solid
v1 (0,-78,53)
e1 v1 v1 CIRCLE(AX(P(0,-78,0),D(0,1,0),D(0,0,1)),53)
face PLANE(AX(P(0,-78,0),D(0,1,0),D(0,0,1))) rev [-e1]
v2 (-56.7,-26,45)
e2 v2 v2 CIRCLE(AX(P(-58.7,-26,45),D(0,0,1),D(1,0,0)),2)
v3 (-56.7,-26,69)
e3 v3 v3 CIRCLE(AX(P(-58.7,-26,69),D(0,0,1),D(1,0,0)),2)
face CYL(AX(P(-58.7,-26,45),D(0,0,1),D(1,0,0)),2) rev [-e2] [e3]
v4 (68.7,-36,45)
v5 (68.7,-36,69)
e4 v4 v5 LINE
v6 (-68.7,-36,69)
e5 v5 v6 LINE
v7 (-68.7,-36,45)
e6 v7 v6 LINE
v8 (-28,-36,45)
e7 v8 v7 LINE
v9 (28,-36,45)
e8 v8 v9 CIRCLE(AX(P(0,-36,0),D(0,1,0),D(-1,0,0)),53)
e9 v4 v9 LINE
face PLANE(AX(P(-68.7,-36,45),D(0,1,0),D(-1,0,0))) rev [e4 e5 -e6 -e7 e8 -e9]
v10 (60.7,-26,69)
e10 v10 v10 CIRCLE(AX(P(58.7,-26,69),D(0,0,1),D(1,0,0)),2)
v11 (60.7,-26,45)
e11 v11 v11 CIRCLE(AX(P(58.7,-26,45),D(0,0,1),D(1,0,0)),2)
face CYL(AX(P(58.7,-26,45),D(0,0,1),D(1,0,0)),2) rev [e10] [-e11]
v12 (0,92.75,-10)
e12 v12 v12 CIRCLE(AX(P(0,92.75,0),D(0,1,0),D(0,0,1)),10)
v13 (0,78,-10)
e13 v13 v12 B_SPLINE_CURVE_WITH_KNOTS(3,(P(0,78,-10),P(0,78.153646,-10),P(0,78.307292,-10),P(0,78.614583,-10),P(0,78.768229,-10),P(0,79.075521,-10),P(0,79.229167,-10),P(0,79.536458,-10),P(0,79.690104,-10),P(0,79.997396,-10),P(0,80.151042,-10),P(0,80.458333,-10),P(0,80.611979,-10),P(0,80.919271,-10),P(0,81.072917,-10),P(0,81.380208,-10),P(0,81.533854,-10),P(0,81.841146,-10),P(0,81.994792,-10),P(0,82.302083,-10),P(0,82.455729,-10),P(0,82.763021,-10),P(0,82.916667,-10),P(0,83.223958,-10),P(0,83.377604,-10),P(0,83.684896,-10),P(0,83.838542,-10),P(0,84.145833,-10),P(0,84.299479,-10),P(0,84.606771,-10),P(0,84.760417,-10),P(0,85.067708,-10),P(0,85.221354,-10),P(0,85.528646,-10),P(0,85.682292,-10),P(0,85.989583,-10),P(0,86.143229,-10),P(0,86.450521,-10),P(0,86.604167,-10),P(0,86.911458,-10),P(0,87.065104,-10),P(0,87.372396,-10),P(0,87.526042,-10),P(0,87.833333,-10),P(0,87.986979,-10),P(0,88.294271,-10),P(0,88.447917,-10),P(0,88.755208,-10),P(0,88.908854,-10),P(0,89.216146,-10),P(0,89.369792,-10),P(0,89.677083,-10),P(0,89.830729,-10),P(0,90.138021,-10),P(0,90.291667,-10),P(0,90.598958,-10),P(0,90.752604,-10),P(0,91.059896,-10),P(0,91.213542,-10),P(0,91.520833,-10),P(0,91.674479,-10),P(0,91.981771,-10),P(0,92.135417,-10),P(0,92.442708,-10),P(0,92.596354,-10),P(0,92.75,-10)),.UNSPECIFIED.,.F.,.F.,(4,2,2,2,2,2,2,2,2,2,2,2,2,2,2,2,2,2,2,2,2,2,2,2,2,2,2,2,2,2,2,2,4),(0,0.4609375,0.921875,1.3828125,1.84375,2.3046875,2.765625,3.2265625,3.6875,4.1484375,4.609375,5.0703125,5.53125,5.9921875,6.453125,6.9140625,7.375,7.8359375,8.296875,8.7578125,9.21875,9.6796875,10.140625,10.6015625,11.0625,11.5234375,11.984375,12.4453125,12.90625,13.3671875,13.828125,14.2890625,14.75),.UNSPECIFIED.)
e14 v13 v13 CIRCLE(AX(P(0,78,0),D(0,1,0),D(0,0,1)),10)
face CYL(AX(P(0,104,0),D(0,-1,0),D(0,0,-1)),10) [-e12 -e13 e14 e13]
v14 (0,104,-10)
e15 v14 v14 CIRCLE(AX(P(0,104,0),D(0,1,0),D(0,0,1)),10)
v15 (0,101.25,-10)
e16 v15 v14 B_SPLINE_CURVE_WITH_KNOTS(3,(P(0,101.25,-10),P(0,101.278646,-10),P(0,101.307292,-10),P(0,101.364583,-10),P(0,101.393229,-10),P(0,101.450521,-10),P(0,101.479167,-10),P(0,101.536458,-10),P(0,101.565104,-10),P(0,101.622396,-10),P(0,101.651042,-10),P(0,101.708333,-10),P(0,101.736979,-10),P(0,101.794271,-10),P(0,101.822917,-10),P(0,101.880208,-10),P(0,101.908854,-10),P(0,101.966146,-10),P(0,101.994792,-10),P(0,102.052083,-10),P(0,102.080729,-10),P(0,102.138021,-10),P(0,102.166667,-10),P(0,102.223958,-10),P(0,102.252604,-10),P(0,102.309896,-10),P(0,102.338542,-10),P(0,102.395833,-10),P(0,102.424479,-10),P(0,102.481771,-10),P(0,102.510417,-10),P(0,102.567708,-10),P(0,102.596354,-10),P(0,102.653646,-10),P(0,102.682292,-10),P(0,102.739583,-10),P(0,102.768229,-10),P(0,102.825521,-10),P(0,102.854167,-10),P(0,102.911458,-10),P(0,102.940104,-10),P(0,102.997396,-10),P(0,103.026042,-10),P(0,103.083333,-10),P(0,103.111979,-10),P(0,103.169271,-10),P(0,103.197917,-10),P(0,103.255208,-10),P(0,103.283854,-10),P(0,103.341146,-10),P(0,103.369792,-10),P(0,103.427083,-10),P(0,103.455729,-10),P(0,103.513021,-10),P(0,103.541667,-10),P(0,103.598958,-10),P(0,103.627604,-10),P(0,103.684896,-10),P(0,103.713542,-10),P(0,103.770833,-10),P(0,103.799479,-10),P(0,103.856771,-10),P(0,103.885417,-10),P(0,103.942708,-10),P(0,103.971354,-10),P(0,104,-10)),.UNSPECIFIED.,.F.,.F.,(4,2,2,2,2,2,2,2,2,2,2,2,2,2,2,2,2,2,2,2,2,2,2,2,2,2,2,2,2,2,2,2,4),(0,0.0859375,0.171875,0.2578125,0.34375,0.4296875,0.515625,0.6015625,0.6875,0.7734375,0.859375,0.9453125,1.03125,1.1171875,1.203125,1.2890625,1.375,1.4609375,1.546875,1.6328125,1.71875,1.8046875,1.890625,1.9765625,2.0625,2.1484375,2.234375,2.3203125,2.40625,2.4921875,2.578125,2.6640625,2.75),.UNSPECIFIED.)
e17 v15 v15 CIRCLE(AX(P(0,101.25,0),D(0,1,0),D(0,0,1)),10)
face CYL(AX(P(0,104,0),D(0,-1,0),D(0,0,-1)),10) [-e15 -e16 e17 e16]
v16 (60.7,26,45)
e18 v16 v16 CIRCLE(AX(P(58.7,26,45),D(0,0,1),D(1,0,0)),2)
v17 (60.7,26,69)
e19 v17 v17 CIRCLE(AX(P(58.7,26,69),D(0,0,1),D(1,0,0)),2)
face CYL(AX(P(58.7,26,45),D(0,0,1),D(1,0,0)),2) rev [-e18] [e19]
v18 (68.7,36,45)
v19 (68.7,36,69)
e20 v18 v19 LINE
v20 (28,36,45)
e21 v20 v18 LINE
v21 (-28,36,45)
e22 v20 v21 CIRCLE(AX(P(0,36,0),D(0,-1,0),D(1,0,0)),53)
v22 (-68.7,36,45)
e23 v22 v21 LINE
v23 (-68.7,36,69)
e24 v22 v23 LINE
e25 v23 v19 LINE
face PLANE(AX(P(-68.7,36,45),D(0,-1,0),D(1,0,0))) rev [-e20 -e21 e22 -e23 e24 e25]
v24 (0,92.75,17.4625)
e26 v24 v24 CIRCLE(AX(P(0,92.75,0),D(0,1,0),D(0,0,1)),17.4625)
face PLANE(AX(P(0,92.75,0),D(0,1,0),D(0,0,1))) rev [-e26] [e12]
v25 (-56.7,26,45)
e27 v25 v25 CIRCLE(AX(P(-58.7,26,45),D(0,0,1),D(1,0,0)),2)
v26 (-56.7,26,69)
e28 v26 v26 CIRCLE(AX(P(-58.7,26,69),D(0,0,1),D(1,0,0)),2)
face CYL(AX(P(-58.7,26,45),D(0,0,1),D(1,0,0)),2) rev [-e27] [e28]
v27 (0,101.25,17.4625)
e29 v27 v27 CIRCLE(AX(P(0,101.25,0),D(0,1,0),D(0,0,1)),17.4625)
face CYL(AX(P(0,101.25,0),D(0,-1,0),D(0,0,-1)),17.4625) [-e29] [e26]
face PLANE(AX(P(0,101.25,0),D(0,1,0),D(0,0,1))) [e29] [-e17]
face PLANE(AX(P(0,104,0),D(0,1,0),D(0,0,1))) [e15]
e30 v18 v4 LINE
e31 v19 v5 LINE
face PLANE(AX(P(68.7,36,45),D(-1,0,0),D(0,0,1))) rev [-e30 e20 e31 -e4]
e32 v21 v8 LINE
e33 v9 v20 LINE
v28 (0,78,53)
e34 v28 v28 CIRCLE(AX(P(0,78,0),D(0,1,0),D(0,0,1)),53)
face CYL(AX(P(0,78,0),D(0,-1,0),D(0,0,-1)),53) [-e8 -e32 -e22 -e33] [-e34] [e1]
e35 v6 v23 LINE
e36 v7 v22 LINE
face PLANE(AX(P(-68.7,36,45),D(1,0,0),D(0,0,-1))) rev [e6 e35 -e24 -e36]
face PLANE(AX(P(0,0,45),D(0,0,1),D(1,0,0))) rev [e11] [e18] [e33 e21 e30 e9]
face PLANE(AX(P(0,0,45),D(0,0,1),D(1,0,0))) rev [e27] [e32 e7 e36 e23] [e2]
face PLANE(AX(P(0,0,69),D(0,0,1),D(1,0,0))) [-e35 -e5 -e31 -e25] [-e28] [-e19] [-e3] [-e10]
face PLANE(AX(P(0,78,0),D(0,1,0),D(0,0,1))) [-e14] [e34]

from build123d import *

# Parameters (mm, degrees)
SKETCH1_R           = 53
BOSS_EXTRUDE1_DEPTH = 78
SKETCH2_R           = 10
BOSS_EXTRUDE2_DEPTH = 26
SKETCH9_R           = 17.4625
BOSS_EXTRUDE4_DEPTH = 4.25
SKETCH12_W          = 137.4
SKETCH12_H          = 72
BOSS_EXTRUDE6_DEPTH = 24
SKETCH13_R          = 2
CUT_EXTRUDE2_DEPTH  = 24


with BuildPart() as part:
    # Sketch1 → Boss-Extrude1 (new, symmetric)
    with BuildSketch(Plane(origin=(0, 0, 0), x_dir=(1, 0, 0), z_dir=(0, 1, 0))):
        with Locations(Location((0, 0, 0), (0, 0, 270))):
            Circle(SKETCH1_R)
    extrude(amount=BOSS_EXTRUDE1_DEPTH, both=True)

    # Sketch2 → Boss-Extrude2 (add)
    with BuildSketch(Plane(origin=(0, 78, 0), x_dir=(1, 0, 0), z_dir=(0, 1, 0))):
        with Locations(Location((0, 0, 0), (0, 0, 90))):
            Circle(SKETCH2_R)
    extrude(amount=BOSS_EXTRUDE2_DEPTH)

    # Sketch9 → Boss-Extrude4 (add, symmetric)
    with BuildSketch(Plane(origin=(0, 97, 0), x_dir=(1, 0, 0), z_dir=(0, 1, 0))):
        with Locations(Location((0, 0, 0), (0, 0, 270))):
            Circle(SKETCH9_R)
    extrude(amount=BOSS_EXTRUDE4_DEPTH, both=True)

    # Sketch12 → Boss-Extrude6 (add)
    with BuildSketch(Plane(origin=(0, 0, 69), x_dir=(-1, 0, 0), z_dir=(0, 0, -1))):
        Rectangle(SKETCH12_W, SKETCH12_H)
    extrude(amount=BOSS_EXTRUDE6_DEPTH)

    # Sketch13 → Cut-Extrude2 (cut)
    with BuildSketch(Plane.XY.offset(69)):
        with Locations((-58.7, -26)):
            Circle(SKETCH13_R)
        with Locations((-58.7, 26)):
            Circle(SKETCH13_R)
        with Locations((58.7, 26)):
            Circle(SKETCH13_R)
        with Locations((58.7, -26)):
            Circle(SKETCH13_R)
    extrude(amount=-CUT_EXTRUDE2_DEPTH, mode=Mode.SUBTRACT)


solid = part.part
